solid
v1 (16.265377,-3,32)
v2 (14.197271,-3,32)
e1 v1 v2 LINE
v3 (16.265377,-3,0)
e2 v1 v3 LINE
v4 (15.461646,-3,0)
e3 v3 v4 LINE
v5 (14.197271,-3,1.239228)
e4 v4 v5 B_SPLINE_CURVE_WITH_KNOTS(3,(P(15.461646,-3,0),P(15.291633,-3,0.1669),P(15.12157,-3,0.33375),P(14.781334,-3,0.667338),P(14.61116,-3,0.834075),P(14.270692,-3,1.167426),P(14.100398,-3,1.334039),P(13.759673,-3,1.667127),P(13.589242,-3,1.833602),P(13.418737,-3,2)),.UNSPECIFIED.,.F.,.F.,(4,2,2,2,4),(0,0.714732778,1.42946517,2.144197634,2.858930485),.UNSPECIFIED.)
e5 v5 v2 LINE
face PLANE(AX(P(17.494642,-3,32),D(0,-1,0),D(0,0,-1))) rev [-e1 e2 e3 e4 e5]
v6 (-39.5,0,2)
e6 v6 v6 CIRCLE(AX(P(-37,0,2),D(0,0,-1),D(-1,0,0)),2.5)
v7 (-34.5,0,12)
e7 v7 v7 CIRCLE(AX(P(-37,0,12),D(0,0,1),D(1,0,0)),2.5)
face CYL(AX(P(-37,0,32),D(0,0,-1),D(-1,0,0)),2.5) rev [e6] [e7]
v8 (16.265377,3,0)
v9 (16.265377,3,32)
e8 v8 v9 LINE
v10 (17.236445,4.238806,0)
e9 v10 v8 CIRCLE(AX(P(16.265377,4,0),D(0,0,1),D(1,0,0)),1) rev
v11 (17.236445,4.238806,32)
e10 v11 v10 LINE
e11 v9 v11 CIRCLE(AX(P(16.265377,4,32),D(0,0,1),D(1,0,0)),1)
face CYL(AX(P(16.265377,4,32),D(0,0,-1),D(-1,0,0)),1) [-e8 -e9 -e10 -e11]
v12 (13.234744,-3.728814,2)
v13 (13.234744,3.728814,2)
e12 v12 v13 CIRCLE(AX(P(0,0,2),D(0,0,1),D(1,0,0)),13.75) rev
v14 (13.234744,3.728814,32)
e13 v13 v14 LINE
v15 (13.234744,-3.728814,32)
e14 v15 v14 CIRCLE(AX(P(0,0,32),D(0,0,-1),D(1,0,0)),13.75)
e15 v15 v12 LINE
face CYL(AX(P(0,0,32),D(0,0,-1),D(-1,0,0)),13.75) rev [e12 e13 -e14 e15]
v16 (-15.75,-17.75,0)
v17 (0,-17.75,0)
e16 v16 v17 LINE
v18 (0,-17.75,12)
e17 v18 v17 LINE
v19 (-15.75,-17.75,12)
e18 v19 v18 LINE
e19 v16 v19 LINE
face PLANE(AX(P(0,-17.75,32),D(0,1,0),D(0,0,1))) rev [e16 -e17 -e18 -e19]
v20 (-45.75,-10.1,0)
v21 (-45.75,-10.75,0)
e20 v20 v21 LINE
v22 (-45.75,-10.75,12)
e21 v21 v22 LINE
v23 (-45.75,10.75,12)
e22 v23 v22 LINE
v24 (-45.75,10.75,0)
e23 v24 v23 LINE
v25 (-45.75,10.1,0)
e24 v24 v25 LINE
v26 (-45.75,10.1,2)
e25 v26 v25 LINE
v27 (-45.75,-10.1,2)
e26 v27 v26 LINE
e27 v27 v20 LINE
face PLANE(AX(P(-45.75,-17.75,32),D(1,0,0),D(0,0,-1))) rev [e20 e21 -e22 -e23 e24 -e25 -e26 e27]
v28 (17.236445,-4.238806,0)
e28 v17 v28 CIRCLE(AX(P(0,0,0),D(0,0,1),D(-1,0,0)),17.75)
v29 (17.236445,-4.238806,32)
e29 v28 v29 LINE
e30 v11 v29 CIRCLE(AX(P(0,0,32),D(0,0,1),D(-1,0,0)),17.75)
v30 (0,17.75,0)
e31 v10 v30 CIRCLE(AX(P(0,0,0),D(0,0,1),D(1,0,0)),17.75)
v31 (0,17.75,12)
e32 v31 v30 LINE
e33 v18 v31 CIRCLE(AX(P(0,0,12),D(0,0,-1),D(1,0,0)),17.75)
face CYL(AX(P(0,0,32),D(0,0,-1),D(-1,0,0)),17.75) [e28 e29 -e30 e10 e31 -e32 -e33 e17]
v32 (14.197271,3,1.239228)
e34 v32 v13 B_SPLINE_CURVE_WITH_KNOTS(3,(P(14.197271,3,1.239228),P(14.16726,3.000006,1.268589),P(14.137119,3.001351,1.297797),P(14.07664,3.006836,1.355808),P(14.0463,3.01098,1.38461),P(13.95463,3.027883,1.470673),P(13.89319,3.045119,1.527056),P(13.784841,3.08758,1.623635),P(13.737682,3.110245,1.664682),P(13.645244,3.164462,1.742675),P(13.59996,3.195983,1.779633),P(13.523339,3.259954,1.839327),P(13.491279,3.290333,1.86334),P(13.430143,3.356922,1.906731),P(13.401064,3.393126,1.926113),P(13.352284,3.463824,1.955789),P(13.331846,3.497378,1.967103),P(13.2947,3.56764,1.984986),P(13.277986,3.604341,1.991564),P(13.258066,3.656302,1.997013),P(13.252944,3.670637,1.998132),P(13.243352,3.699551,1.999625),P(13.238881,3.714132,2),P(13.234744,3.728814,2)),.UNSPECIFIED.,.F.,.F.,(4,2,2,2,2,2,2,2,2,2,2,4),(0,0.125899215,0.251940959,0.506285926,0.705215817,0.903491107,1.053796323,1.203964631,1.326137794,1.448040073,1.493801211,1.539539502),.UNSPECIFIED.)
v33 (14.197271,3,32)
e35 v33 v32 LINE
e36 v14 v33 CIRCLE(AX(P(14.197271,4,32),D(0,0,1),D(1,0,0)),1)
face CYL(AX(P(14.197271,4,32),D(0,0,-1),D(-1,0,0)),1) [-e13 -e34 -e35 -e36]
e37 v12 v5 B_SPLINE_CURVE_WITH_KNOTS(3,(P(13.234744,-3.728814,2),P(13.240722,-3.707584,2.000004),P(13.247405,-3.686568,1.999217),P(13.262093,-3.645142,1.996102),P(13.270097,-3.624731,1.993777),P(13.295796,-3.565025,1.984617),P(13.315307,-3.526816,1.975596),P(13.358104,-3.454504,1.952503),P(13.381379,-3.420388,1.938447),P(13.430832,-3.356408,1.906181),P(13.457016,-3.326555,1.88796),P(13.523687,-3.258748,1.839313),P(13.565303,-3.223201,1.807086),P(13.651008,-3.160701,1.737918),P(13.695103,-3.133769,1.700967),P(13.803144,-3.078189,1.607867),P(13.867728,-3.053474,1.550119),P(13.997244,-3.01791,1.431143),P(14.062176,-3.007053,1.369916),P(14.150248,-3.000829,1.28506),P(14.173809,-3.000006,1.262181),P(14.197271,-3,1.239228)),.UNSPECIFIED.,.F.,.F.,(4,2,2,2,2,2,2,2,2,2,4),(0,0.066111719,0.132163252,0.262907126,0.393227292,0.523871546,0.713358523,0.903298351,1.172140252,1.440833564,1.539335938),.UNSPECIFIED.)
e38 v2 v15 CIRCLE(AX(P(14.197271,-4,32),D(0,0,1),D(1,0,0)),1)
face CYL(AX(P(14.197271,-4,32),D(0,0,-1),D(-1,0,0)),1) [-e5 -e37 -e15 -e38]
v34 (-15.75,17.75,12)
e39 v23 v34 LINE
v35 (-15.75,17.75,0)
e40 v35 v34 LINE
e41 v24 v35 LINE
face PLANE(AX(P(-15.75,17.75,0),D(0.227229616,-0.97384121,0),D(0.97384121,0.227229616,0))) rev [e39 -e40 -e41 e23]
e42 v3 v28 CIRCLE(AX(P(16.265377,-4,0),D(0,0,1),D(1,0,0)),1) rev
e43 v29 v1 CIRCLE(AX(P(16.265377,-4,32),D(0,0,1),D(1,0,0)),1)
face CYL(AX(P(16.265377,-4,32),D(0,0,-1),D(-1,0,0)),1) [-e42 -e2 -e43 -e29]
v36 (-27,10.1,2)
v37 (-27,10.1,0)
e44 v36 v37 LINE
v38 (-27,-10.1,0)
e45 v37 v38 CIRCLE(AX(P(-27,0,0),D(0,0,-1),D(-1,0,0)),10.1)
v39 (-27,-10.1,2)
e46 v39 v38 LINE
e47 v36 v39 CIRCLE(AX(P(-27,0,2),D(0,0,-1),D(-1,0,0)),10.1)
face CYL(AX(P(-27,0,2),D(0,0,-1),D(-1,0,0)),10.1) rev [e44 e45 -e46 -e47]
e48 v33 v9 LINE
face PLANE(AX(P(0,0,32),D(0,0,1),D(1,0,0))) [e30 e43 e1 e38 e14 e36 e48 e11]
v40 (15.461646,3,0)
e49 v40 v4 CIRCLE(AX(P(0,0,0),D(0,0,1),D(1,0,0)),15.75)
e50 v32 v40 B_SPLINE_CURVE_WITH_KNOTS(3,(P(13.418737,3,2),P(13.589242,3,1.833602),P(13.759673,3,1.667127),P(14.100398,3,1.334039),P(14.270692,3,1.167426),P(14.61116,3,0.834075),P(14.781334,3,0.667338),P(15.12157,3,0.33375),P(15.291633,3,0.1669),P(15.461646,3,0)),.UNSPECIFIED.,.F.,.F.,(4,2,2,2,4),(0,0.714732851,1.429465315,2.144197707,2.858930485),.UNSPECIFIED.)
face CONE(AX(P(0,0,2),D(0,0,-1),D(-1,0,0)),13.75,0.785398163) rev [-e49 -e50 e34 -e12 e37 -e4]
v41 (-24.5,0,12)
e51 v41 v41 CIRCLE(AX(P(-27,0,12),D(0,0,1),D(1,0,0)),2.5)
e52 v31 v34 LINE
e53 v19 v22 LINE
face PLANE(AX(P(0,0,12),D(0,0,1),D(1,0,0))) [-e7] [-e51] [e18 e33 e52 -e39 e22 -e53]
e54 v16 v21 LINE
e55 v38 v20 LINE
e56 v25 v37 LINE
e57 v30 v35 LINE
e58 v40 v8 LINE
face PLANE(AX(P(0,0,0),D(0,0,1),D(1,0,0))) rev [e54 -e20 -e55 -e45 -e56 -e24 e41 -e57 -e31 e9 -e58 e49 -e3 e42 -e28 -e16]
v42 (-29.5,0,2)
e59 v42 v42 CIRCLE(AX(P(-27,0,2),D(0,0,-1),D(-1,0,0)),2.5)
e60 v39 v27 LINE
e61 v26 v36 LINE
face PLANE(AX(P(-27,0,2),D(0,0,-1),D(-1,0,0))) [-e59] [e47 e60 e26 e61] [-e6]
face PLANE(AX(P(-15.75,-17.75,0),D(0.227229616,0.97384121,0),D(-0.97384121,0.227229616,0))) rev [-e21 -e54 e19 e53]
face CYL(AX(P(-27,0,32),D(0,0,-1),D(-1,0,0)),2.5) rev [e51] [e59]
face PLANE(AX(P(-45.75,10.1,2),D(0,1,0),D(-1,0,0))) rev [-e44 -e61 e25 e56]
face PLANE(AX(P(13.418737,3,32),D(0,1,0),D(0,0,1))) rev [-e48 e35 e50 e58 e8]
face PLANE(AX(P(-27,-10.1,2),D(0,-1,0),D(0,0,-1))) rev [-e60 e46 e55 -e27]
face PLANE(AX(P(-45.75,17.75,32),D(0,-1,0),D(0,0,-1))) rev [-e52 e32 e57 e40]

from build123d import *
from build123d.topology import SkipClean

# Parameters (mm, degrees)
ESQUISSE1_R             = 2.5
BOSS_EXTRU_1_DEPTH      = 32
CHANFREIN1_SIZE         = 2
CONG_2_R                = 1
ENL_V_MAT_EXTRU_1_DEPTH = 2
ENL_V_START             = -20
ENL_V_MAT_EXTRU_2_DEPTH = 20
ENL_V_MAT_EXTRU_3_DEPTH = 53.991744678


with BuildPart() as part:
    # Esquisse1 → Boss.-Extru.1 (new body)
    with BuildSketch(Plane.XY):
        with BuildLine():
            Line((13.4187369, 3), (17.494642037, 3))
            ThreePointArc((17.494642037, 3), (11.441426921, 13.570418195), (0, 17.75))
            Line((0, 17.75), (-45.75, 17.75))
            Line((-45.75, 17.75), (-45.75, -17.75))
            Line((-45.75, -17.75), (0, -17.75))
            ThreePointArc((0, -17.75), (11.441426921, -13.570418195), (17.494642037, -3))
            Line((17.494642037, -3), (13.4187369, -3))
            ThreePointArc((13.4187369, -3), (-13.75, 0), (13.4187369, 3))
        make_face()
        with Locations((-37, 0)):
            Circle(ESQUISSE1_R, mode=Mode.SUBTRACT)
        with Locations((-27, 0)):
            Circle(ESQUISSE1_R, mode=Mode.SUBTRACT)
    extrude(amount=BOSS_EXTRU_1_DEPTH)

    # Chanfrein1
    chanfrein1_edges = [part.edges().sort_by_distance(p)[0] for p in [
        (-13.75, 0, 0),
    ]]
    chamfer(chanfrein1_edges, length=CHANFREIN1_SIZE)

    # Congé2
    cong_2_edges = [part.edges().sort_by_distance(p)[0] for p in [
        (17.494642037, -3, 16),
        (17.494642037, 3, 16),
        (13.4187369, -3, 17),
        (13.4187369, 3, 17),
    ]]
    fillet(cong_2_edges, radius=CONG_2_R)

    # Esquisse2 → Enlèv. mat.-Extru.1 (cut)
    with BuildSketch(Plane(origin=(0, 0, 0), x_dir=(-1, 0, 0), z_dir=(0, 0, -1))):
        with BuildLine():
            Line((45.75, 10.1), (27, 10.1))
            ThreePointArc((27, 10.1), (16.9, 0), (27, -10.1))
            Line((27, -10.1), (45.75, -10.1))
            Line((45.75, -10.1), (45.75, 10.1))
        make_face()
    extrude(amount=-ENL_V_MAT_EXTRU_1_DEPTH, mode=Mode.SUBTRACT)

    # Esquisse3 → Enlèv. mat.-Extru.2 (cut)
    with SkipClean():  # the faces are left unmerged after this step: merging them gives an invalid solid
        with BuildSketch(Plane.XY.offset(32).offset(ENL_V_START)):
            with BuildLine():
                Line((0, 17.75), (-45.75, 17.75))
                Line((-45.75, 17.75), (-45.75, -17.75))
                Line((-45.75, -17.75), (0, -17.75))
                ThreePointArc((0, -17.75), (-17.75, 0), (0, 17.75))
            make_face()
        extrude(amount=ENL_V_MAT_EXTRU_2_DEPTH, mode=Mode.SUBTRACT)

    # Esquisse5 → Enlèv. mat.-Extru.3 (cut, through all)
    with SkipClean():  # the faces are left unmerged after this step: merging them gives an invalid solid
        with BuildSketch(Plane.XY.offset(12)):
            Polygon((-15.75, 17.75), (-45.75, 10.75), (-45.75, 17.75), align=None)
            Polygon((-45.75, -17.75), (-15.75, -17.75), (-45.75, -10.75), align=None)
        extrude(amount=-ENL_V_MAT_EXTRU_3_DEPTH, mode=Mode.SUBTRACT)


solid = part.part
